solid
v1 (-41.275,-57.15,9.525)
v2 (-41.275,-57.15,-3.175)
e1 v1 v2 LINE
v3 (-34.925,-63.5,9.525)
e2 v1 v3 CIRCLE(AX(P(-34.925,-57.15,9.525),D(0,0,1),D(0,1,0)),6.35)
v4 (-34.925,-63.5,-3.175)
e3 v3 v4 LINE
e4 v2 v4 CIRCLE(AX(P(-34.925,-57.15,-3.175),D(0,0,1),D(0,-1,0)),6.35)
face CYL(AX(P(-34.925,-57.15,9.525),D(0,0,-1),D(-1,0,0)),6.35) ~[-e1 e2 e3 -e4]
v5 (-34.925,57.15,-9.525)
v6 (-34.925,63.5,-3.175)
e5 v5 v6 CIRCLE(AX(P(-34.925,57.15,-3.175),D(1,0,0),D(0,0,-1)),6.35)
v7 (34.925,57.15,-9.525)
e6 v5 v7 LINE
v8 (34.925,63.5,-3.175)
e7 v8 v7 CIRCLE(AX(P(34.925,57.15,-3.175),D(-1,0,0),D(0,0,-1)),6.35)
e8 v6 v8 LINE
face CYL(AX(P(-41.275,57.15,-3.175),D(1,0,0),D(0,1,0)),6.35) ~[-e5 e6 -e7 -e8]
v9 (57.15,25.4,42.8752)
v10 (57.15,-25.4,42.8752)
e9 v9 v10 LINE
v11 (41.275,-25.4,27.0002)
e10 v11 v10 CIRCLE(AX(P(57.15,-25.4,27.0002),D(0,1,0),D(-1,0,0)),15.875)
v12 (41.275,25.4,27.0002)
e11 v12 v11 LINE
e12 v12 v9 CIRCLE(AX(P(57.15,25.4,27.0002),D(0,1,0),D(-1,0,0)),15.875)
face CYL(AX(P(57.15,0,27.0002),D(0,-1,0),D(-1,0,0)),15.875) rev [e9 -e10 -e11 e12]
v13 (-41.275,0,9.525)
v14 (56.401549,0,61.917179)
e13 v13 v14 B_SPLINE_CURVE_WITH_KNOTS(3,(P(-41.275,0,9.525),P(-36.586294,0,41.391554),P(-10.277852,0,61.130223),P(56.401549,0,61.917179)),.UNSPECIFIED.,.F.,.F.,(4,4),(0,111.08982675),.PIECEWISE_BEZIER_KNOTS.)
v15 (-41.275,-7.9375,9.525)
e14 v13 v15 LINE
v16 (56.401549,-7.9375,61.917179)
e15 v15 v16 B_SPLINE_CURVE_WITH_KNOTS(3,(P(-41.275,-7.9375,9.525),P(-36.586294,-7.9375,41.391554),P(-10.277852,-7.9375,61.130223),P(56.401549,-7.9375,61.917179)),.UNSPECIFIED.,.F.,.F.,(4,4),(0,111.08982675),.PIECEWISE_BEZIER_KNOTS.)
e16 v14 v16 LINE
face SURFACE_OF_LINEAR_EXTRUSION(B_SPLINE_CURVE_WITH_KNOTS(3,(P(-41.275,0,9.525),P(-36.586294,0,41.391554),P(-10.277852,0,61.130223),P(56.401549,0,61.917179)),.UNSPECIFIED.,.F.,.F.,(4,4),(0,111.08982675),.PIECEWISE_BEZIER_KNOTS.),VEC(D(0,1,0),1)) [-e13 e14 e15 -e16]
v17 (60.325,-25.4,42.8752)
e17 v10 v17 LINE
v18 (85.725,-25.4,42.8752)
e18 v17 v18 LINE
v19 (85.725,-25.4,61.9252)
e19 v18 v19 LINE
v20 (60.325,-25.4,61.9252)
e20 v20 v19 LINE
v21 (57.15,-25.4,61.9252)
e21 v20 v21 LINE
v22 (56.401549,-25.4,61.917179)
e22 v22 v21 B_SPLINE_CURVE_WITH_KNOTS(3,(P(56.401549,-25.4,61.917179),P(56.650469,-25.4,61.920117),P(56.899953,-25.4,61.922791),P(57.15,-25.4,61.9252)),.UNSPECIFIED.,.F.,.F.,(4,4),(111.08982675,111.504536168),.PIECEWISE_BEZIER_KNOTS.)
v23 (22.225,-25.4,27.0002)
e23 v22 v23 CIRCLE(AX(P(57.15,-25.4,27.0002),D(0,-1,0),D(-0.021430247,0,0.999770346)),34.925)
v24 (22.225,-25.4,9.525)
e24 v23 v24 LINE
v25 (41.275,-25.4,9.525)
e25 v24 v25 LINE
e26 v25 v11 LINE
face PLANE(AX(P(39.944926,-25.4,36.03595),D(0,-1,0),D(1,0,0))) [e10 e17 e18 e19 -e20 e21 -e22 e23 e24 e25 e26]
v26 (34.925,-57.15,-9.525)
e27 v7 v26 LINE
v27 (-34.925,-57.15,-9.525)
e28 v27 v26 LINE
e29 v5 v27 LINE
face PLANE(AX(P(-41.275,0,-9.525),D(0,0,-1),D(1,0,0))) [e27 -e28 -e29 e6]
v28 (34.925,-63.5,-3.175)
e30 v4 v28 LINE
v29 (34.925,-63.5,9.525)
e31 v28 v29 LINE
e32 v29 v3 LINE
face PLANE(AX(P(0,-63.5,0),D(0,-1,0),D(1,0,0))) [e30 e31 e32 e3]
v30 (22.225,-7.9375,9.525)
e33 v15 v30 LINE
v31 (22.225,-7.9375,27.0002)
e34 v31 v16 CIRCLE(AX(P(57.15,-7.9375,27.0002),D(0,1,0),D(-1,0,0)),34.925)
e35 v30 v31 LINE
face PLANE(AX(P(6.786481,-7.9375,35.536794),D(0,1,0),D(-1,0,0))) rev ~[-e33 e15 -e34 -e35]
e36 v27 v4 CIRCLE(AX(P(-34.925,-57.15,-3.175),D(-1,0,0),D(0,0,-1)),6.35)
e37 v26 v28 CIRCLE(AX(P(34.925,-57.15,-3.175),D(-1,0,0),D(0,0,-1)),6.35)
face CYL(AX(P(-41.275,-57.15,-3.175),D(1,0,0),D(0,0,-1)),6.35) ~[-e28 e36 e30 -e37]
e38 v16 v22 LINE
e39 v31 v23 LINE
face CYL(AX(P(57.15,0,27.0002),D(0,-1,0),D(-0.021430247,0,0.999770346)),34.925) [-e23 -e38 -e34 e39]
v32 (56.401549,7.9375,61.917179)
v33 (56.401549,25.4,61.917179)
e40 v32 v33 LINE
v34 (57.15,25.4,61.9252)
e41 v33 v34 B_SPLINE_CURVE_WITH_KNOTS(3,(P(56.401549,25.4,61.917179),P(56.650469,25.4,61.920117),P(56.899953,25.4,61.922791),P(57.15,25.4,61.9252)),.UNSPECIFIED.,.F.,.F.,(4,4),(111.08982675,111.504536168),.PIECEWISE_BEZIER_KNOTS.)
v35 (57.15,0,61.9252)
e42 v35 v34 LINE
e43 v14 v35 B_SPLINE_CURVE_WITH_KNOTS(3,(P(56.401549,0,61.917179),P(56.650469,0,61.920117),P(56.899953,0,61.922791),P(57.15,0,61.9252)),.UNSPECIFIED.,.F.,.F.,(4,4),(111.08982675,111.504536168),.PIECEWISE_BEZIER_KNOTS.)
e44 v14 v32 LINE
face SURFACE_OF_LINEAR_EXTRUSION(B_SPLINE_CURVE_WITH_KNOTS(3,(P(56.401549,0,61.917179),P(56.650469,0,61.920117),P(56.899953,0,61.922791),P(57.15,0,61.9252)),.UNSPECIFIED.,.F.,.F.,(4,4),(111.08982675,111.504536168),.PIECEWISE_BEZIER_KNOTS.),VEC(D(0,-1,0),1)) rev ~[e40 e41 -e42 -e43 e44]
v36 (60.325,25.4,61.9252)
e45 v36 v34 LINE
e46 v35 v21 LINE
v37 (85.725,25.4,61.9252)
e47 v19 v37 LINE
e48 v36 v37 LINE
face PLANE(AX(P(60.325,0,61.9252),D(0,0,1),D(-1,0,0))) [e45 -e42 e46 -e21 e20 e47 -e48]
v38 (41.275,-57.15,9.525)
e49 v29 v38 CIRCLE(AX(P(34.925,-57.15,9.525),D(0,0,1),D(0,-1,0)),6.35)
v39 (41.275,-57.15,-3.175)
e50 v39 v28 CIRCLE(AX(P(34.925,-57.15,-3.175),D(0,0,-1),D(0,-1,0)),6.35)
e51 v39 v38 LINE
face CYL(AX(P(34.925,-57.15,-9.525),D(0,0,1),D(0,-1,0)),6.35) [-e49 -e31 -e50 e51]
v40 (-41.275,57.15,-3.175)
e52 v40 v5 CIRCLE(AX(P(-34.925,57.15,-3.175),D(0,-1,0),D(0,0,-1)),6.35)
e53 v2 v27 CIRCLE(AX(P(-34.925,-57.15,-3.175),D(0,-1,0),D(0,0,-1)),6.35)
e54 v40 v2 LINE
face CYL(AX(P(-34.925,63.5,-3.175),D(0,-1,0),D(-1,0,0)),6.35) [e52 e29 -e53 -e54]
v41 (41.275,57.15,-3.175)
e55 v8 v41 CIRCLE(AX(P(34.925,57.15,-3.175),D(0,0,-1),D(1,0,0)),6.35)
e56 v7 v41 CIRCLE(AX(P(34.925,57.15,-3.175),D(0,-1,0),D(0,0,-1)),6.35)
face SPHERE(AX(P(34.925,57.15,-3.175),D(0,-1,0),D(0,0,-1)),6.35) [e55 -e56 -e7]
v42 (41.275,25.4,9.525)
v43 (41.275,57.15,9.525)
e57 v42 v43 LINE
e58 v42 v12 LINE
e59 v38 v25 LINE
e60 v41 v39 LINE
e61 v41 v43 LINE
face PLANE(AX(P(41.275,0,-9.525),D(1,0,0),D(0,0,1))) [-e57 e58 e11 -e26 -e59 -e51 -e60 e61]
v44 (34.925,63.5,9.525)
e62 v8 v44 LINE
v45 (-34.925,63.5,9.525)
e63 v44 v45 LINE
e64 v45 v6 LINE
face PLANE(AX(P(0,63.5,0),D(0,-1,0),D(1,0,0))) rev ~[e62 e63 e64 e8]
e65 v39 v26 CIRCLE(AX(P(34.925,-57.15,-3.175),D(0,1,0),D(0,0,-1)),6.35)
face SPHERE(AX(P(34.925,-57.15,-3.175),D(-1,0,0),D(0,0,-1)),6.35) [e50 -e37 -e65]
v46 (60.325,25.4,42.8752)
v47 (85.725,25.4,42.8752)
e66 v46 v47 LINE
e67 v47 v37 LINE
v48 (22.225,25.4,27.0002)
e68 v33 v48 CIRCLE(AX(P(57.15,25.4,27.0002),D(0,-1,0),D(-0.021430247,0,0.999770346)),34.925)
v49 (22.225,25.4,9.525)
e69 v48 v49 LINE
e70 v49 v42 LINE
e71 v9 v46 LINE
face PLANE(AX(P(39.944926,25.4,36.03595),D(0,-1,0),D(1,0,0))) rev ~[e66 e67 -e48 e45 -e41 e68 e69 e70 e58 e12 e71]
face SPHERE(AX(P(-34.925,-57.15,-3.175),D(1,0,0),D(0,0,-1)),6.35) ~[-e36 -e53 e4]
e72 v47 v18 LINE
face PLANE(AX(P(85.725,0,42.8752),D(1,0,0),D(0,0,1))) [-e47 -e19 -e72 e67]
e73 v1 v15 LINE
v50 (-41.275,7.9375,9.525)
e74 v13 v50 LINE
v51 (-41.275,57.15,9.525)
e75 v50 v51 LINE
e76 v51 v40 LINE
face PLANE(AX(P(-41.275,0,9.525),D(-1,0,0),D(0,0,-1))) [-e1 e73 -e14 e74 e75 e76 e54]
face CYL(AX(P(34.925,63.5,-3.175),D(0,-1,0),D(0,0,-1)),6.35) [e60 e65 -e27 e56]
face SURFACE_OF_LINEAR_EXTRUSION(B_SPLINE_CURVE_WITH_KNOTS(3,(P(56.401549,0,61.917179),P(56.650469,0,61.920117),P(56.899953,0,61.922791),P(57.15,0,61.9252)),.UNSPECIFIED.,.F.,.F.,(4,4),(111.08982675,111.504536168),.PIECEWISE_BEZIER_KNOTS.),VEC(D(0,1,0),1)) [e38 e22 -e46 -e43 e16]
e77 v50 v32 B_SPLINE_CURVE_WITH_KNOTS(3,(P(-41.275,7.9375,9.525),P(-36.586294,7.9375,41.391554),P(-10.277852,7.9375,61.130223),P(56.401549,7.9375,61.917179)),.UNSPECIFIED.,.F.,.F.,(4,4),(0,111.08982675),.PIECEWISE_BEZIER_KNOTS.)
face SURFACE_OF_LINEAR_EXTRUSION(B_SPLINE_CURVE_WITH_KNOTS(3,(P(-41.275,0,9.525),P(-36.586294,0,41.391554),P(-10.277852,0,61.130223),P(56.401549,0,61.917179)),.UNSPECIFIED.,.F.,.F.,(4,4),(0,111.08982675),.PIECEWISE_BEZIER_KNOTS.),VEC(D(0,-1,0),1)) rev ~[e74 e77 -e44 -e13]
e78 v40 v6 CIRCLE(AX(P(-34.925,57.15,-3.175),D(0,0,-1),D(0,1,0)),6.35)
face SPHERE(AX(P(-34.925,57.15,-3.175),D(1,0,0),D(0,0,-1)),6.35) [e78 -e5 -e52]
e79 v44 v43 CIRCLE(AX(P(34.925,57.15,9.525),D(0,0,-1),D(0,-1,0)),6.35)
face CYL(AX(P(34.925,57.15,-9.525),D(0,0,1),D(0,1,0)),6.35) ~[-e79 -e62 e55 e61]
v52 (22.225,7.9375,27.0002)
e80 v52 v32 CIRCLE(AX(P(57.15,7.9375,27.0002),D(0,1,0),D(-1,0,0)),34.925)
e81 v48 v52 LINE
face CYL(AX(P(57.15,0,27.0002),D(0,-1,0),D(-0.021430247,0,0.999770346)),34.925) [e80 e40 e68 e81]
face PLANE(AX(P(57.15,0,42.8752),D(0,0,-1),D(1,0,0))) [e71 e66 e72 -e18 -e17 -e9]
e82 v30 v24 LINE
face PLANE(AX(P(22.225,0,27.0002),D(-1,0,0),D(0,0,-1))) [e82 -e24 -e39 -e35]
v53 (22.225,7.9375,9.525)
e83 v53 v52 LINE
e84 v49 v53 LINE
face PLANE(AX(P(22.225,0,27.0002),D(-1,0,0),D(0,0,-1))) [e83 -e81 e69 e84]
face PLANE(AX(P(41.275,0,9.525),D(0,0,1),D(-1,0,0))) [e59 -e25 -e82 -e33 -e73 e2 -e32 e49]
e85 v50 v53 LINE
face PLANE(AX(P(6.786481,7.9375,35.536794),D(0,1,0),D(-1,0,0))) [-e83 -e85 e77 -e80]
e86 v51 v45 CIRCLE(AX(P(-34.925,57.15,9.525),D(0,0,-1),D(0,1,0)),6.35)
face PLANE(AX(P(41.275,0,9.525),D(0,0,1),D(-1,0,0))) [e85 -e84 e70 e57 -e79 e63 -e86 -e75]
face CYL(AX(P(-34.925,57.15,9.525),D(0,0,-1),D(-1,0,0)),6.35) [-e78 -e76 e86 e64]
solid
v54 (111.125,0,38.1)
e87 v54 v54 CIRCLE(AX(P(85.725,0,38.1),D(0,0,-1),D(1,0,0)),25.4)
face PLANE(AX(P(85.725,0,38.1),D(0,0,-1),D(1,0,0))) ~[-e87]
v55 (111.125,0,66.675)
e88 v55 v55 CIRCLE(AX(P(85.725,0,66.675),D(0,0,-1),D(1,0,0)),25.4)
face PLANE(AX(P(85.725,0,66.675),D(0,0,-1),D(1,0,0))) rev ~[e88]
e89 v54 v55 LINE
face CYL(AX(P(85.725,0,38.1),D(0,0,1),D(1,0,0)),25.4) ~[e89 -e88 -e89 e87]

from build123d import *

# Parameters (mm, degrees)
F1_DEPTH = 63.5
F0_W     = 25.4
F0_H     = 19.0500000095
F2_DEPTH = 25.4
F3_DEPTH = 7.9375
F5_R     = 6.35


with BuildPart() as f1:
    # F0 (on Front) → F1 (new body, symmetric)
    with BuildSketch(Plane.XZ):
        Polygon((22.2249999905, 9.525), (-41.275, 9.525), (-41.275, -9.525), (41.275, -9.525), (41.275, 9.525), align=None)
    extrude(amount=F1_DEPTH, both=True)

    # F0 (on Front) → F2 (join, symmetric)
    with BuildSketch(Plane.XZ):
        with BuildLine():
            Line((22.2249999905, 27.0002), (22.2249999905, 9.525))
            Line((22.2249999905, 9.525), (41.275, 9.525))
            Line((41.275, 9.525), (41.275, 27.0002))
            ThreePointArc((41.275, 27.0002), (45.9246798487, 38.2255201513), (57.15, 42.8752))
            Line((57.15, 42.8752), (60.325, 42.8752))
            Line((60.325, 42.8752), (60.325, 61.9252000095))
            Line((60.325, 61.9252000095), (57.15, 61.9252000095))
            add(Edge.make_bspline(
                [(56.4015486097, 61.9171793393), (56.6504694702, 61.9201171261), (56.8999529418, 61.9227908011), (57.15, 61.9252000095)],
                knots=[111.0898267505, 111.0898267505, 111.0898267505, 111.0898267505, 111.504536168, 111.504536168, 111.504536168, 111.504536168], degree=3))
            ThreePointArc((56.4015486097, 61.9171793393), (32.191080848, 51.4298537107), (22.2249999905, 27.0002))
        make_face()
        with Locations((73.025, 52.4002000047)):
            Rectangle(F0_W, F0_H)
    extrude(amount=F2_DEPTH, both=True)

    # F0 (on Front) → F3 (join, symmetric)
    with BuildSketch(Plane.XZ):
        with BuildLine():
            add(Edge.make_bspline(
                [(-41.275, 9.525), (-36.5862940816, 41.3915538869), (-10.2778517333, 61.1302229482), (56.4015486097, 61.9171793393)],
                knots=[0, 0, 0, 0, 111.0898267505, 111.0898267505, 111.0898267505, 111.0898267505], degree=3))
            Line((-41.275, 9.525), (22.2249999905, 9.525))
            Line((22.2249999905, 9.525), (22.2249999905, 27.0002))
            ThreePointArc((22.2249999905, 27.0002), (32.191080848, 51.4298537107), (56.4015486097, 61.9171793393))
        make_face()
    extrude(amount=F3_DEPTH, both=True)

    # F5
    f5_edges = [f1.edges().sort_by_distance(p)[0] for p in [
        (0, -63.5, -9.525),
        (41.275, 0, -9.525),
        (0, 63.5, -9.525),
        (-41.275, 0, -9.525),
        (41.275, 63.5, 0),
        (-41.275, 63.5, 0),
        (-41.275, -63.5, 0),
        (41.275, -63.5, 0),
    ]]
    fillet(f5_edges, radius=F5_R)


with BuildPart() as f4:
    # F0 (on Front) → F4 (revolve)
    with BuildSketch(Plane.XZ):
        Polygon((85.725, 66.675), (85.725, 61.9252000095), (85.725, 42.8752), (85.725, 38.1), (111.125, 38.1), (111.125, 66.675), align=None)
    revolve(axis=Axis((85.725, 0, 52.4002000047), (0, 0, -1)))


solid = Compound([f1.part, f4.part])
